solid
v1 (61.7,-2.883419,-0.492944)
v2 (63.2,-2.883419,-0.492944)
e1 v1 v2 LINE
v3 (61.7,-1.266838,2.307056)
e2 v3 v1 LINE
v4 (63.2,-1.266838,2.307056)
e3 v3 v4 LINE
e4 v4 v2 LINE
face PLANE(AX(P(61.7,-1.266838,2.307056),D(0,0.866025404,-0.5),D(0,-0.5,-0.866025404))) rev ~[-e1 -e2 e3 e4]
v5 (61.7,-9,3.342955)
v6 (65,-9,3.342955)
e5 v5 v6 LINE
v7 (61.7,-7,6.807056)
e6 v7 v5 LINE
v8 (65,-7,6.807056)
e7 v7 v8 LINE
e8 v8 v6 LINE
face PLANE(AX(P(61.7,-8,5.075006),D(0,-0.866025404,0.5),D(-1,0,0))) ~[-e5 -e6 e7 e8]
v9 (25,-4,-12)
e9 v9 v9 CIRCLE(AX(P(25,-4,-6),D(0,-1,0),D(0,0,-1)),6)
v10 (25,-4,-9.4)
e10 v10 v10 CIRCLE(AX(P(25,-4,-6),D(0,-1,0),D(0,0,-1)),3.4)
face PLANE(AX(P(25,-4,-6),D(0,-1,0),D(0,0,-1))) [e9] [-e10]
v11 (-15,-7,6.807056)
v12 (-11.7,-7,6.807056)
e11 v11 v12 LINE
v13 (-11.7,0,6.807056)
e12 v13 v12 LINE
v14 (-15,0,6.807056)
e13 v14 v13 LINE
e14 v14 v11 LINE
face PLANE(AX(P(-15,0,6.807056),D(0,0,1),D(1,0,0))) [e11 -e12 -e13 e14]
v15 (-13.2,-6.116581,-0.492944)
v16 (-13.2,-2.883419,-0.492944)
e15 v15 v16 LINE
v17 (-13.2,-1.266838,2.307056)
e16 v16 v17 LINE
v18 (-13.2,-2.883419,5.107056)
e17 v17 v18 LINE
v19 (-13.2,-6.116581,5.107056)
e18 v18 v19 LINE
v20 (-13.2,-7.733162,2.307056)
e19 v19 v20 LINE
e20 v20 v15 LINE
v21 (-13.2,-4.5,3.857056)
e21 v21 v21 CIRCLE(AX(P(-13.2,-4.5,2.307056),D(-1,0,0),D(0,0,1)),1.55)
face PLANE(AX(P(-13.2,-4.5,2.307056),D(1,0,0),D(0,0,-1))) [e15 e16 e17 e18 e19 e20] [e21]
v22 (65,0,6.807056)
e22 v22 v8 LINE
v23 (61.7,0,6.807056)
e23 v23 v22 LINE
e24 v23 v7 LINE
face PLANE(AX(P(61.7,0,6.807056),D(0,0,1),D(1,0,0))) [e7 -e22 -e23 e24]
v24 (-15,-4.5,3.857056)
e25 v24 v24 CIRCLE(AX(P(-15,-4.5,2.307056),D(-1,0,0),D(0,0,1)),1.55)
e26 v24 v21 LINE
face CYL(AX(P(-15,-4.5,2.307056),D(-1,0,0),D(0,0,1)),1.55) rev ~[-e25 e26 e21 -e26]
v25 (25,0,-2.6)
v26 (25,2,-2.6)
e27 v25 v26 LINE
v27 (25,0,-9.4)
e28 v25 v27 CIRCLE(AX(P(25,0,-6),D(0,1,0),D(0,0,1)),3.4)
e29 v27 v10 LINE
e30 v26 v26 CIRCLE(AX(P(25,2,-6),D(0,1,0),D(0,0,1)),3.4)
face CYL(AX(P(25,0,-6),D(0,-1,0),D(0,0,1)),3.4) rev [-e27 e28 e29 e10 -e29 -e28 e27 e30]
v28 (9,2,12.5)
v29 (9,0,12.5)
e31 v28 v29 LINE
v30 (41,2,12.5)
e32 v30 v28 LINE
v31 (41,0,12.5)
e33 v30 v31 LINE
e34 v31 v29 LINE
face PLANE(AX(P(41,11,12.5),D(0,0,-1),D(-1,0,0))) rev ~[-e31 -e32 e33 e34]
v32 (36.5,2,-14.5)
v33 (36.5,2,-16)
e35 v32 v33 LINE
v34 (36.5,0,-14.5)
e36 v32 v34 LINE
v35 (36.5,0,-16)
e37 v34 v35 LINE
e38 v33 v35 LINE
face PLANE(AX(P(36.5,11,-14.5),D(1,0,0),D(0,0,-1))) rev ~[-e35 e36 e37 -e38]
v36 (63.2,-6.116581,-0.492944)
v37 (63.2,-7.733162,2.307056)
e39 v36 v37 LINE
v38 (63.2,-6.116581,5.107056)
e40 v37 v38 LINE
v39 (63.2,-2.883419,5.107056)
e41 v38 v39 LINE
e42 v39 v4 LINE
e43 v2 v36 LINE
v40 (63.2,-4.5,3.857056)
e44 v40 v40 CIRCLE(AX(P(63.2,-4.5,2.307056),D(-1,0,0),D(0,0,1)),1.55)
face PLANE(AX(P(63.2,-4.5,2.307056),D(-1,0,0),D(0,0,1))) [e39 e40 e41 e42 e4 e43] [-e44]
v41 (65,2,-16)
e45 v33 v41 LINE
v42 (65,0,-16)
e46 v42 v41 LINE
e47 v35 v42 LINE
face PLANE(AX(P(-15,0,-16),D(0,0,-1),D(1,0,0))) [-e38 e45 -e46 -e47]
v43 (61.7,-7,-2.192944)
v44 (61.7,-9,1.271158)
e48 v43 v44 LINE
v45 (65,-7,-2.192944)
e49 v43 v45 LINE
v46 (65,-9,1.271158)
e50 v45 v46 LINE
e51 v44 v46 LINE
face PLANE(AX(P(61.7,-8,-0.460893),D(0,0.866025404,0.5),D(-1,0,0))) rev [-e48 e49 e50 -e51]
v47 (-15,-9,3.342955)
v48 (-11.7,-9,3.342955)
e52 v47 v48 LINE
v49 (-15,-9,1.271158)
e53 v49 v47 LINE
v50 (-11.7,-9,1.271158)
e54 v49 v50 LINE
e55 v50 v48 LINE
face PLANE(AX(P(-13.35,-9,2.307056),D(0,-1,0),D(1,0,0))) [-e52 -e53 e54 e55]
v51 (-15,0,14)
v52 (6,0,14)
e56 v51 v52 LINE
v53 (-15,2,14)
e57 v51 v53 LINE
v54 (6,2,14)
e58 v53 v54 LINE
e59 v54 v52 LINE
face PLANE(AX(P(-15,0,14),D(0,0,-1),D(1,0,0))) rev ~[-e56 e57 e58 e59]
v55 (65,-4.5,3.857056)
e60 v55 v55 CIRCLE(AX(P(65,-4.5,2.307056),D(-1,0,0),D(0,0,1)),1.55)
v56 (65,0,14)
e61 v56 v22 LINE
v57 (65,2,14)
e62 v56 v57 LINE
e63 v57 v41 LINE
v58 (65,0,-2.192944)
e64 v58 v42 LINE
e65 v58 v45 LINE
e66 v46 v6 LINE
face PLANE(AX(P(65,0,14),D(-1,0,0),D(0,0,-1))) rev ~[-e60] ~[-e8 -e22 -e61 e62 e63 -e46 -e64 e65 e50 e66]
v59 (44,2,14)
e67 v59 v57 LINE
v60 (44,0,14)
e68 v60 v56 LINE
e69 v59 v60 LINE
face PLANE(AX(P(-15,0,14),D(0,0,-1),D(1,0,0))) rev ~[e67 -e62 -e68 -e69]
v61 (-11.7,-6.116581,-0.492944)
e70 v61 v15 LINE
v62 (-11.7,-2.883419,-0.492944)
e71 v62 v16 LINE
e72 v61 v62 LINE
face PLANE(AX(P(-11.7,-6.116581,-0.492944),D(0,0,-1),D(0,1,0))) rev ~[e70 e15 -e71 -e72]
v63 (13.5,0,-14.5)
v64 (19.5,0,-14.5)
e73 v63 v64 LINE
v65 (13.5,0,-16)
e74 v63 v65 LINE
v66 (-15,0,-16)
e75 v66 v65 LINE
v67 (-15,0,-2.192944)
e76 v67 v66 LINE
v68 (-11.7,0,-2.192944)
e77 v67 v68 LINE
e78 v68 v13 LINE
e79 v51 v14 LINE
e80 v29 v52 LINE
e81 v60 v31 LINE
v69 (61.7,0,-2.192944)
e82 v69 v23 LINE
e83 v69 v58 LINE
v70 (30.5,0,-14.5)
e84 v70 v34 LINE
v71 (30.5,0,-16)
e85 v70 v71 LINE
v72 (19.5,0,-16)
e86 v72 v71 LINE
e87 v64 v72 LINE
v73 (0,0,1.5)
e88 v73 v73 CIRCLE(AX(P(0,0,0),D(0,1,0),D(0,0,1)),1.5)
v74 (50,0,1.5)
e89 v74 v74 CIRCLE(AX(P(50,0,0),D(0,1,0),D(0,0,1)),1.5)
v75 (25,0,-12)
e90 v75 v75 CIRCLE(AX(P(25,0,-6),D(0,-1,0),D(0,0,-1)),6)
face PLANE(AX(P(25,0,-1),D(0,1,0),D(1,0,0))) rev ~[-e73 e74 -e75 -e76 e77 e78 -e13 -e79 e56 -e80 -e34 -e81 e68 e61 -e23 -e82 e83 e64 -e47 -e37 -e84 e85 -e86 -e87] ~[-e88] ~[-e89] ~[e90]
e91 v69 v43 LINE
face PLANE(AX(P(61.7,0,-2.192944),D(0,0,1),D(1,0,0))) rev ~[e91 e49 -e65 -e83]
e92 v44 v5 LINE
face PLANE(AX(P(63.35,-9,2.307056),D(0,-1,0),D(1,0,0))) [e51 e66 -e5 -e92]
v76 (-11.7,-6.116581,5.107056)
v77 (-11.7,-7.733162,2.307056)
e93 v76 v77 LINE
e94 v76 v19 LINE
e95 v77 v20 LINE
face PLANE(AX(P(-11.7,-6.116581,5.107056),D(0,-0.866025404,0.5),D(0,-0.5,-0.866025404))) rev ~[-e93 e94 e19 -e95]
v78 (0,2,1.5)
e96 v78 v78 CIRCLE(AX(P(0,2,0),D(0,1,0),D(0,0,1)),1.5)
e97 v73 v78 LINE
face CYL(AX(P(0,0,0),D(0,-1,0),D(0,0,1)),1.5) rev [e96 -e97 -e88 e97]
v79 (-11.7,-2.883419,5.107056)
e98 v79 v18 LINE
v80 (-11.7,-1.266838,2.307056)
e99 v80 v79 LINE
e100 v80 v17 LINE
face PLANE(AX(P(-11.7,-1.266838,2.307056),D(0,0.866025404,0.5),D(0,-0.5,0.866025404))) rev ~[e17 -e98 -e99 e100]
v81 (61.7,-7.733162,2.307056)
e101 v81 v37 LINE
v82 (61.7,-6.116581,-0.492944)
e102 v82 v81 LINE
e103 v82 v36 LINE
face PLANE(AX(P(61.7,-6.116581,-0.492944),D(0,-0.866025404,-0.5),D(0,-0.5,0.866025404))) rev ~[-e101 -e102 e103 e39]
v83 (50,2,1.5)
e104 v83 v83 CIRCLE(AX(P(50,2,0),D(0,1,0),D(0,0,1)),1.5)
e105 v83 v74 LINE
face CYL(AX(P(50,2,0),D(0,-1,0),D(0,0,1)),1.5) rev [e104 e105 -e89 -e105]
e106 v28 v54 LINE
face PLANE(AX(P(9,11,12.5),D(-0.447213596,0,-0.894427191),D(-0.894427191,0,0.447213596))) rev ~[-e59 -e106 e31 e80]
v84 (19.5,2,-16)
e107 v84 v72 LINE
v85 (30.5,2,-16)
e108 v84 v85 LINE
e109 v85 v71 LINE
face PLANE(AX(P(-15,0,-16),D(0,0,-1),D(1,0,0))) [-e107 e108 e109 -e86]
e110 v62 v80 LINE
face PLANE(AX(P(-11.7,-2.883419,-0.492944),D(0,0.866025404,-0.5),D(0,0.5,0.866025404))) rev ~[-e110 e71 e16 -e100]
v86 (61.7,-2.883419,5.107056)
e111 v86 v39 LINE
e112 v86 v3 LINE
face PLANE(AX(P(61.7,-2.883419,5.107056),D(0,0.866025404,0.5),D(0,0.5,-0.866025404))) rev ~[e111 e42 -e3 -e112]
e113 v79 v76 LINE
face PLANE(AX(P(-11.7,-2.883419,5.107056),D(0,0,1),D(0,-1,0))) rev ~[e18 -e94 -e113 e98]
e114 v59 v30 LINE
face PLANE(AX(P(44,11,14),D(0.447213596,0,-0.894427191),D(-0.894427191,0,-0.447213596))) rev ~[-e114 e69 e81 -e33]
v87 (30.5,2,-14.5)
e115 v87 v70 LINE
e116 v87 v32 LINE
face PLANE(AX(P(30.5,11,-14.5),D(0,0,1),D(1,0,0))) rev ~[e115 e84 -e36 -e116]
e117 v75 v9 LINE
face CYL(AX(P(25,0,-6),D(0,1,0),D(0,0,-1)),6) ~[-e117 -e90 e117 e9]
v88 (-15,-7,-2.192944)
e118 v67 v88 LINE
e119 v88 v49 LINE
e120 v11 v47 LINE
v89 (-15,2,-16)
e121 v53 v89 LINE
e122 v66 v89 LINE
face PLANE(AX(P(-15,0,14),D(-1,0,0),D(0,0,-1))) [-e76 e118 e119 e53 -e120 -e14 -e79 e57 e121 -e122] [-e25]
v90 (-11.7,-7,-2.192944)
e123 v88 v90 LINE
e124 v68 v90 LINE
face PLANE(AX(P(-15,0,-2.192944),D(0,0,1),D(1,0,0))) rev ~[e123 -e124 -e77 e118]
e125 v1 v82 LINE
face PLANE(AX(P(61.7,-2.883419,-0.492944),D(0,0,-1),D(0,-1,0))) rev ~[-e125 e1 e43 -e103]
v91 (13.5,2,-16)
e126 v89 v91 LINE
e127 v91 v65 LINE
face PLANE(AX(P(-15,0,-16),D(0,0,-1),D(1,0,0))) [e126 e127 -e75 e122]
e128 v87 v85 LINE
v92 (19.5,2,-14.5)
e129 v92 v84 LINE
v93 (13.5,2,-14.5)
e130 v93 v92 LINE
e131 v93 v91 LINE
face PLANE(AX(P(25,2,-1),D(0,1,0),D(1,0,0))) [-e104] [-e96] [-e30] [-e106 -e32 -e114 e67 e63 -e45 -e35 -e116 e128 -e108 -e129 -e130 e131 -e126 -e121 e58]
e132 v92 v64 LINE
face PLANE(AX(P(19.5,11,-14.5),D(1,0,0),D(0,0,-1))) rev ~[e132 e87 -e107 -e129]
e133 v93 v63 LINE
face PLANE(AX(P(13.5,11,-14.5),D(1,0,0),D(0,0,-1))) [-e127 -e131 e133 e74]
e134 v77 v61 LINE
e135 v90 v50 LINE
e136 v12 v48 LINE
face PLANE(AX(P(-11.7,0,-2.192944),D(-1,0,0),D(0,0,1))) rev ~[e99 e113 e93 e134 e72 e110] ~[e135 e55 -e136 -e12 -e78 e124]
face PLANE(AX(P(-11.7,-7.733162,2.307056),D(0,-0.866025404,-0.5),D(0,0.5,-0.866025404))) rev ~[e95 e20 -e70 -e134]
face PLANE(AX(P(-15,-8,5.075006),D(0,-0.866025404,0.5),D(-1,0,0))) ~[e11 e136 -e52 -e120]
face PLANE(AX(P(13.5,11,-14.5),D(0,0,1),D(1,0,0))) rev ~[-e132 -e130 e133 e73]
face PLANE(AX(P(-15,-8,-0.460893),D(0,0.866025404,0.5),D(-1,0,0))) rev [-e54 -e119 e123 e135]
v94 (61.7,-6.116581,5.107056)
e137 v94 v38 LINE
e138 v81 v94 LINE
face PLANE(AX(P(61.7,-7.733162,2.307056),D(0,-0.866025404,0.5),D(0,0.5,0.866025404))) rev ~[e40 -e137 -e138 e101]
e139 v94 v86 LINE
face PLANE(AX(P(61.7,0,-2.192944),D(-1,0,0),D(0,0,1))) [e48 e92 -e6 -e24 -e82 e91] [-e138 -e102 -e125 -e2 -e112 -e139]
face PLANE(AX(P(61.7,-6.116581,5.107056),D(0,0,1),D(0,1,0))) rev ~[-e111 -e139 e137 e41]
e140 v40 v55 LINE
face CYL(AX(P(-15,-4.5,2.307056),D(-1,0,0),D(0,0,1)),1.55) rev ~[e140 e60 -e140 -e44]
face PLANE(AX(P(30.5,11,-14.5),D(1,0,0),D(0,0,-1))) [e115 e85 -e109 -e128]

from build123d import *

# Parameters (mm, degrees)
SKETCH2_W             = 80
SKETCH2_H             = 30
SKETCH2_R             = 1.5
SKETCH2_R_2           = 3.4
BOSS_EXTRUDE1_DEPTH   = 2
SKETCH3_W             = 6
SKETCH3_H             = 1.5
BOSS_EXTRUDE2_DEPTH   = 9
SKETCH9_R             = 4
SKETCH9_R_2           = 1.5
BOSS_EXTRUDE4_DEPTH   = 7
SKETCH4_R             = 6
SKETCH4_R_2           = 3.4
BOSS_EXTRUDE3_DEPTH   = 4
SKETCH10_R            = 4
SKETCH10_R_2          = 1.5
CUT_EXTRUDE7_DEPTH    = 7
SKETCH11_W            = 6
SKETCH11_H            = 1.5
CUT_EXTRUDE8_DEPTH    = 11
SKETCH12_W            = 3.3
SKETCH12_H            = 9
BOSS_EXTRUDE5_DEPTH   = 9
CUT_EXTRUDE11_DEPTH   = 1.5
CUT_EXTRUDE12_DEPTH   = 1.5
SKETCH18_R            = 1.55
CUT_EXTRUDE13_DEPTH   = 81
CHAMFER1_SIZE         = 2
CHAMFER1_SIZE2        = 3.464101615
CHAMFER1_PART_2_SIZE  = 2
CHAMFER1_PART_2_SIZE2 = 3.464101615
CHAMFER1_PART_3_SIZE  = 2
CHAMFER1_PART_3_SIZE2 = 3.464101615
CHAMFER1_PART_4_SIZE  = 2
CHAMFER1_PART_4_SIZE2 = 3.464101615


with BuildPart() as part:
    # Sketch2 → Boss-Extrude1 (new body)
    with BuildSketch(Plane(origin=(0, 0, 0), x_dir=(1, 0, 0), z_dir=(0, 1, 0))):
        with Locations((25, 1)):
            Rectangle(SKETCH2_W, SKETCH2_H)
        with Locations(Location((0, 0, 0), (0, 0, 270))):  # turned: the seam where the file's is
            Circle(SKETCH2_R, mode=Mode.SUBTRACT)
        with Locations(Location((50, 0, 0), (0, 0, 270))):  # turned: the seam where the file's is
            Circle(SKETCH2_R, mode=Mode.SUBTRACT)
        with Locations(Location((25, 6, 0), (0, 0, 270))):  # turned: the seam where the file's is
            Circle(SKETCH2_R_2, mode=Mode.SUBTRACT)
    extrude(amount=BOSS_EXTRUDE1_DEPTH)

    # Sketch3 → Boss-Extrude2 (add)
    with BuildSketch(Plane(origin=(0, 2, 0), x_dir=(1, 0, 0), z_dir=(0, 1, 0))):
        Polygon((6, -14), (44, -14), (41, -12.5), (9, -12.5), align=None)
        with Locations((16.5, 15.25)):
            Rectangle(SKETCH3_W, SKETCH3_H)
        with Locations((33.5, 15.25)):
            Rectangle(SKETCH3_W, SKETCH3_H)
    extrude(amount=BOSS_EXTRUDE2_DEPTH)

    # Sketch9 → Boss-Extrude4 (add)
    with BuildSketch(Plane(origin=(0, 2, 0), x_dir=(1, 0, 0), z_dir=(0, 1, 0))):
        with Locations(Location((50, 0, 0), (0, 0, 90))):  # turned: the seam where the file's is
            Circle(SKETCH9_R)
        with Locations(Location((50, 0, 0), (0, 0, 270))):  # turned: the seam where the file's is
            Circle(SKETCH9_R_2, mode=Mode.SUBTRACT)
        with Locations(Location((0, 0, 0), (0, 0, 90))):  # turned: the seam where the file's is
            Circle(SKETCH9_R)
        with Locations(Location((0, 0, 0), (0, 0, 270))):  # turned: the seam where the file's is
            Circle(SKETCH9_R_2, mode=Mode.SUBTRACT)
    extrude(amount=BOSS_EXTRUDE4_DEPTH)

    # Sketch4 → Boss-Extrude3 (add)
    with BuildSketch(Plane.XZ):
        with Locations(Location((25, -6, 0), (0, 0, 270))):  # turned: the seam where the file's is
            Circle(SKETCH4_R)
        with Locations(Location((25, -6, 0), (0, 0, 270))):  # turned: the seam where the file's is
            Circle(SKETCH4_R_2, mode=Mode.SUBTRACT)
    extrude(amount=BOSS_EXTRUDE3_DEPTH)

    # Sketch10 → Cut-Extrude7 (cut)
    with BuildSketch(Plane(origin=(0, 9, 0), x_dir=(1, 0, 0), z_dir=(0, 1, 0))):
        with Locations((50, 0)):
            Circle(SKETCH10_R)
        with Locations(Location((50, 0, 0), (0, 0, 90))):  # turned: the seam where the file's is
            Circle(SKETCH10_R_2, mode=Mode.SUBTRACT)
        Circle(SKETCH10_R)
        with Locations(Location((0, 0, 0), (0, 0, 90))):  # turned: the seam where the file's is
            Circle(SKETCH10_R_2, mode=Mode.SUBTRACT)
    extrude(amount=-CUT_EXTRUDE7_DEPTH, mode=Mode.SUBTRACT)

    # Sketch11 → Cut-Extrude8 (cut)
    with BuildSketch(Plane(origin=(0, 11, 0), x_dir=(1, 0, 0), z_dir=(0, 1, 0))):
        with Locations((33.5, 15.25)):
            Rectangle(SKETCH11_W, SKETCH11_H)
        Polygon((9, -12.5), (6, -14), (44, -14), (41, -12.5), align=None)
        with Locations((16.5, 15.25)):
            Rectangle(SKETCH11_W, SKETCH11_H)
    extrude(amount=-CUT_EXTRUDE8_DEPTH, mode=Mode.SUBTRACT)

    # Sketch12 → Boss-Extrude5 (add)
    with BuildSketch(Plane.XZ):
        with Locations((-13.35, 2.307056314)):
            Rectangle(SKETCH12_W, SKETCH12_H)
        with Locations((63.35, 2.307056314)):
            Rectangle(SKETCH12_W, SKETCH12_H)
    extrude(amount=BOSS_EXTRUDE5_DEPTH)

    # Sketch15 → Cut-Extrude11 (cut)
    with BuildSketch(Plane(origin=(-11.7, 0, 0), x_dir=(0, 0, -1), z_dir=(1, 0, 0))):
        Polygon((-2.307056314, -1.266838493), (-5.107056314, -2.883419246), (-5.107056314, -6.116580754), (-2.307056314, -7.733161507), (0.492943686, -6.116580754), (0.492943686, -2.883419246), align=None)
    extrude(amount=-CUT_EXTRUDE11_DEPTH, mode=Mode.SUBTRACT)

    # Sketch16 → Cut-Extrude12 (cut)
    with BuildSketch(Plane.ZY.offset(-61.7)):
        Polygon((2.307056314, -1.266838493), (-0.492943686, -2.883419246), (-0.492943686, -6.116580754), (2.307056314, -7.733161507), (5.107056314, -6.116580754), (5.107056314, -2.883419246), align=None)
    extrude(amount=-CUT_EXTRUDE12_DEPTH, mode=Mode.SUBTRACT)

    # Sketch18 → Cut-Extrude13 (cut, through all)
    with BuildSketch(Plane.ZY.offset(15)):
        with Locations((2.307056314, -4.5)):
            Circle(SKETCH18_R)
    extrude(amount=-CUT_EXTRUDE13_DEPTH, mode=Mode.SUBTRACT)

    # Chamfer1
    chamfer1_edges = [part.edges().sort_by_distance(p)[0] for p in [
        (-13.35, -9, -2.192943686),
    ]]
    chamfer1_side = [part.faces().sort_by_distance(p)[0] for p in [
        (-13.35, -4.5, -2.192943686),
    ]]
    chamfer(chamfer1_edges, length=CHAMFER1_SIZE, length2=CHAMFER1_SIZE2, reference=chamfer1_side[0])

    # Chamfer1 part 2
    chamfer1_part_2_edges = [part.edges().sort_by_distance(p)[0] for p in [
        (-13.35, -9, 6.807056314),
    ]]
    chamfer1_part_2_side = [part.faces().sort_by_distance(p)[0] for p in [
        (-13.35, -4.5, 6.807056314),
    ]]
    chamfer(chamfer1_part_2_edges, length=CHAMFER1_PART_2_SIZE, length2=CHAMFER1_PART_2_SIZE2, reference=chamfer1_part_2_side[0])

    # Chamfer1 part 3
    chamfer1_part_3_edges = [part.edges().sort_by_distance(p)[0] for p in [
        (63.35, -9, 6.807056314),
    ]]
    chamfer1_part_3_side = [part.faces().sort_by_distance(p)[0] for p in [
        (63.35, -4.5, 6.807056314),
    ]]
    chamfer(chamfer1_part_3_edges, length=CHAMFER1_PART_3_SIZE, length2=CHAMFER1_PART_3_SIZE2, reference=chamfer1_part_3_side[0])

    # Chamfer1 part 4
    chamfer1_part_4_edges = [part.edges().sort_by_distance(p)[0] for p in [
        (63.35, -9, -2.192943686),
    ]]
    chamfer1_part_4_side = [part.faces().sort_by_distance(p)[0] for p in [
        (63.35, -4.5, -2.192943686),
    ]]
    chamfer(chamfer1_part_4_edges, length=CHAMFER1_PART_4_SIZE, length2=CHAMFER1_PART_4_SIZE2, reference=chamfer1_part_4_side[0])


solid = part.part
